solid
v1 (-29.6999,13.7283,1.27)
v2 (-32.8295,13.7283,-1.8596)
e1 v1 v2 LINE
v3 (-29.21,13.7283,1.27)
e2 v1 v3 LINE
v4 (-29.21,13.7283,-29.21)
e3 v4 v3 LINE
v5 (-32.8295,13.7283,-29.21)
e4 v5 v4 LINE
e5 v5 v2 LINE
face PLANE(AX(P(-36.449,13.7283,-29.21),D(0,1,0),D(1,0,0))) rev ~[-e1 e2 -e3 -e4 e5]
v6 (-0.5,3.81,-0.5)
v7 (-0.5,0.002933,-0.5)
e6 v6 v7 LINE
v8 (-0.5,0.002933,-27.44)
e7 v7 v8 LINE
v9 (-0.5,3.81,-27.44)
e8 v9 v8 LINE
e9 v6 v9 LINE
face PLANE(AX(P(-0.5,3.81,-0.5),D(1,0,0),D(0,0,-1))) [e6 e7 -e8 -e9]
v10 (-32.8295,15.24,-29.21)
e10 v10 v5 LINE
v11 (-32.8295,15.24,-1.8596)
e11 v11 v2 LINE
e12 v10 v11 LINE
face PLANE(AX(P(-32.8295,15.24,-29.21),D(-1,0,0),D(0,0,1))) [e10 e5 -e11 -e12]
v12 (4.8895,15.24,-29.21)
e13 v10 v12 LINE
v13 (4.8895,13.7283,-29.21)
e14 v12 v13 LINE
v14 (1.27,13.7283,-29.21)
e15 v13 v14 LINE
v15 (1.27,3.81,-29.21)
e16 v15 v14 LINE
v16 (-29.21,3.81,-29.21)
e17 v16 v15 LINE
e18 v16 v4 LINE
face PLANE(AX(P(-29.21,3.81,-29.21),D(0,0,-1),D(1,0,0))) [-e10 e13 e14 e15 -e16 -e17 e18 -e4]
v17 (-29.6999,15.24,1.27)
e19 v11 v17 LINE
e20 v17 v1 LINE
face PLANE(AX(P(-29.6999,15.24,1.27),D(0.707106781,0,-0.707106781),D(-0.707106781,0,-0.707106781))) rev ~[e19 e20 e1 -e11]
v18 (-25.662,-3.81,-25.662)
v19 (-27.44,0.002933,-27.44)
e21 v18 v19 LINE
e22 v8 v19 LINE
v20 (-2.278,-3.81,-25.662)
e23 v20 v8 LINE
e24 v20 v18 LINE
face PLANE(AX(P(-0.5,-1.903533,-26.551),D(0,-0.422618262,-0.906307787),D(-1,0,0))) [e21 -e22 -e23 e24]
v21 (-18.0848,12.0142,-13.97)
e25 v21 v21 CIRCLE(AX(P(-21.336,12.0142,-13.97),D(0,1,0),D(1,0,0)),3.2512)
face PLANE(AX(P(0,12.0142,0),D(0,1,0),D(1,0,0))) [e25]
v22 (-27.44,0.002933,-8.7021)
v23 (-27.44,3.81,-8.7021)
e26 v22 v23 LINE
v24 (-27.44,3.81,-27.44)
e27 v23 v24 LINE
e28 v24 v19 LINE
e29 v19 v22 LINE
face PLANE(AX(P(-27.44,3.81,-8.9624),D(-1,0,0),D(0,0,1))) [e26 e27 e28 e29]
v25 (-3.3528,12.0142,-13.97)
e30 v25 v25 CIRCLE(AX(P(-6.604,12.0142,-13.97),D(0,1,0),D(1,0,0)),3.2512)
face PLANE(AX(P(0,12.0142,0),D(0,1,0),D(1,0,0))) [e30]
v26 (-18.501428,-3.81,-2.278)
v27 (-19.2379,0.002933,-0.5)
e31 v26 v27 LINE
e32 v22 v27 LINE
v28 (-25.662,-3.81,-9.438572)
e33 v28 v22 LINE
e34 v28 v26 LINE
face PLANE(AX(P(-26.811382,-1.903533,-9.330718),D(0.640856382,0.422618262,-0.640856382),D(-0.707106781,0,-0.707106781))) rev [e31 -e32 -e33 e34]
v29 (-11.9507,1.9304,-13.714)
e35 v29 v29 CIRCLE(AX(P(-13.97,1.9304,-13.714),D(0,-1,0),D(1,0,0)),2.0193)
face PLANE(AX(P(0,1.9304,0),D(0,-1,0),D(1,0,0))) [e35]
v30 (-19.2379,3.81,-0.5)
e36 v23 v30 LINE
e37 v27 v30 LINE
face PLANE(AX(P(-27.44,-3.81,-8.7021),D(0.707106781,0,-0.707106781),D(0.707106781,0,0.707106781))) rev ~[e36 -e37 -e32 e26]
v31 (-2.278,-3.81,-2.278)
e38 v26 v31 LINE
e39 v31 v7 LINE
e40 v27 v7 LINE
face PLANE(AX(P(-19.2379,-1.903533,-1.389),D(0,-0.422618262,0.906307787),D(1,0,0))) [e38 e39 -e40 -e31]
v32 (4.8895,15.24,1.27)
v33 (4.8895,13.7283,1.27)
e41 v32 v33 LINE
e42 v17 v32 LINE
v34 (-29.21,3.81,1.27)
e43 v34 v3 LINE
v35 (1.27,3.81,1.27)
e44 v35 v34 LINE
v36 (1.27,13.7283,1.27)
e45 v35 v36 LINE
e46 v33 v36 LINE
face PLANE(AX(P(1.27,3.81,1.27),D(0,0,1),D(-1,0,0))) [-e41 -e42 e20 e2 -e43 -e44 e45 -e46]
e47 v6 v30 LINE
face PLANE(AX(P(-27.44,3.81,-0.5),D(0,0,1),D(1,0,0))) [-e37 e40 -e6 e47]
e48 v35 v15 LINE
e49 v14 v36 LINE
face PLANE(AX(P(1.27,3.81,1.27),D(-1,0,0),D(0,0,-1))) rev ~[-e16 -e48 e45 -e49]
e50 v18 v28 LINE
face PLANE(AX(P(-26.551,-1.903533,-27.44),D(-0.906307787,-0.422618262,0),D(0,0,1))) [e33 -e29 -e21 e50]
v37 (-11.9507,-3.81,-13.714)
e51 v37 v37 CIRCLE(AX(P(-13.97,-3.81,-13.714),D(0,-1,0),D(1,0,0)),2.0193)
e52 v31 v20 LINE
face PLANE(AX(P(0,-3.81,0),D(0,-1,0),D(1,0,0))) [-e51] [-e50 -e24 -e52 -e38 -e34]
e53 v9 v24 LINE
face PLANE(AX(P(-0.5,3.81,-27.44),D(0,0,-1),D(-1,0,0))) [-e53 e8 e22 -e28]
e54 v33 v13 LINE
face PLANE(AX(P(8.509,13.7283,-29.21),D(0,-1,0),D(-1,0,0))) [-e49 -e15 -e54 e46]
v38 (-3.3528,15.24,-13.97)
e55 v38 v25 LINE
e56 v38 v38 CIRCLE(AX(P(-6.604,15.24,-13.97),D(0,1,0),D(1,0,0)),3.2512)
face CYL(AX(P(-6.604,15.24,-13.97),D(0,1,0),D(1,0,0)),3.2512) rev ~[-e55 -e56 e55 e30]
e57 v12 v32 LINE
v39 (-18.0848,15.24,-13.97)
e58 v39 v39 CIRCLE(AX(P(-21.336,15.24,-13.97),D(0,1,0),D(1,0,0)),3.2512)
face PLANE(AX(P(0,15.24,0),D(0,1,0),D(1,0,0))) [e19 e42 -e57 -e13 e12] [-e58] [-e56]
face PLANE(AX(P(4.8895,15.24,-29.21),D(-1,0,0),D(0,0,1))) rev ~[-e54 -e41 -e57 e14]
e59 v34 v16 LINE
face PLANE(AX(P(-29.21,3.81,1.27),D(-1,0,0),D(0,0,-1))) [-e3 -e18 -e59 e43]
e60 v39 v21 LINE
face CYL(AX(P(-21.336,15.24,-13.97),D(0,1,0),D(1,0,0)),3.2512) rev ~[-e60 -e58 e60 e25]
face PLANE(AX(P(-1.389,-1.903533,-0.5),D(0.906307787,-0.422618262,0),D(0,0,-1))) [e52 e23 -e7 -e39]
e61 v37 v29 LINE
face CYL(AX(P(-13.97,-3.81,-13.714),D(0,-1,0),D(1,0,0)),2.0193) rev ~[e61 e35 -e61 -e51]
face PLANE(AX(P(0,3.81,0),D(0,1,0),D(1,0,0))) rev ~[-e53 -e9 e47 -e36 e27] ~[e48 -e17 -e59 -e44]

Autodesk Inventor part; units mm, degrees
ref_plane "Work Plane2" through (0, 3.81, 0) normal (0, 1, 0) x (1, 0, 0)
sketch "Sketch2" plane through (0, 3.81, 0) normal (0, 1, 0) x (1, 0, 0)
  line L0 (-29.21, 29.21) -> (1.27, 29.21)
  line L1 (1.27, -1.27) -> (-29.21, -1.27)
  line L2 (-29.21, -1.27) -> (-29.21, 29.21)
  line L3 (1.27, -1.27) -> (1.27, 29.21)
  line L4 (-4.8761, 25.94) -> (-25.94, 25.94) projected
  line L5 (-25.94, 25.94) -> (-25.94, 0) projected
  line L6 (-25.94, 0) -> (0, 0) projected
  line L7 (0, 0) -> (0, 21.0639) projected
  dimension "d3" = 30.48
extrude "Extrusion2" add sketch "Sketch2" along normal blind 11.43
ref_plane "Work Plane1" through (0, -3.81, 0) normal (0, -1, 0) x (1, 0, 0)
ref_plane "Work Plane4" through (1.27, 3.81, -29.21) normal (0, 0, -1) x (-1, 0, 0)
sketch "Sketch6" plane through (1.27, 3.81, -29.21) normal (0, 0, -1) x (-1, 0, 0)
  line L0 (0, 11.43) -> (30.48, 11.43) projected
  line L1 (0, 11.43) -> (-7.239, 11.43)
  line L2 (-7.239, 11.43) -> (-7.239, 9.9183)
  line L3 (-7.239, 9.9183) -> (0, 9.9183)
  line L4 (0, 9.9183) -> (0, 11.43)
  line L5 (15.24, 11.43) -> (15.24, -7.62) construction
  line L6 (1.27, -7.62) -> (27.21, -7.62) construction
  line L7 (30.48, 11.43) -> (37.719, 11.43)
  line L8 (37.719, 11.43) -> (37.719, 9.9183)
  line L9 (37.719, 9.9183) -> (30.48, 9.9183)
  line L10 (30.48, 9.9183) -> (30.48, 11.43)
  point P0 (1.27, -3.81)
  dimension "d22" = 7.239
extrude "Extrusion6" add sketch "Sketch6" against normal up to surface (30.48 mm away)
ref_plane "Work Plane3" through (0, 15.24, 0) normal (0, 1, 0) x (1, 0, 0)
sketch "Sketch9" plane through (0, 15.24, 0) normal (0, 1, 0) x (1, 0, 0)
  line L0 (8.509, 29.21) -> (8.509, -1.27) construction
  line L1 (8.509, 13.97) -> (-36.449, 13.97) construction
  line L2 (-36.449, 29.21) -> (-36.449, -1.27) construction
  line L3 (-36.449, -1.27) -> (8.509, -1.27) construction
  line L4 (-13.97, -1.27) -> (-13.97, 29.21) construction
  line L5 (-36.449, 29.21) -> (8.509, 29.21) construction
  circle A0 centre (-21.336, 13.97) radius 3.2512
  circle A1 centre (-6.604, 13.97) radius 3.2512
  line L6 (-6.604, 13.97) -> (-21.336, 13.97) construction
  point P0 (0, 0)
  point P1 (-13.97, 13.97)
  point P2 (-13.97, 13.97)
  point P3 (-13.97, 13.97)
  point P4 (-13.97, 13.97)
  dimension "d25" = 14.732
extrude "Extrusion8" cut sketch "Sketch9" against normal blind 3.2258
ref_plane "Work Plane5" through (0, 15.24, 0) normal (0, 1, 0) x (1, 0, 0)
sketch "Sketch10" plane through (0, 15.24, 0) normal (0, 1, 0) x (1, 0, 0)
  line L0 (-29.21, -1.27) -> (-29.21, 29.21) projected
  line L1 (1.27, 29.21) -> (1.27, -1.27) projected
  line L2 (-36.449, 29.21) -> (-36.449, -1.27) projected
  line L3 (-36.449, 29.21) -> (8.509, 29.21) projected
  line L4 (-36.449, -1.27) -> (8.509, -1.27) projected
  line L5 (8.509, 29.21) -> (8.509, -1.27) projected
  line L6 (-29.21, 29.21) -> (-36.449, 29.21) projected
  line L7 (-29.21, 29.21) -> (-36.449, 29.21)
  line L8 (-32.8295, 29.21) -> (-32.8295, -1.27)
  line L9 (8.509, 29.21) -> (1.27, 29.21)
  line L10 (4.8895, 29.21) -> (4.8895, -1.27)
  line L11 (8.509, -1.27) -> (4.8895, -1.27)
  line L12 (8.509, 29.21) -> (8.509, -1.27) projected
  line L13 (8.509, 29.21) -> (8.509, -1.27)
  point P0 (0, 0)
extrude "Extrusion9" cut sketch "Sketch10" against normal blind 25.4 contours L4 L2 L3 L8 | L10 L3 L5 L4
sketch "Sketch18" plane through (0, 3.81, 0) normal (0, -1, 0) x (1, 0, 0)
  line L0 (1.27, 1.27) -> (1.27, -29.21) construction
  line L1 (1.27, -13.97) -> (-29.21, -13.97) construction
  line L2 (-29.21, -29.21) -> (-29.21, 1.27) construction
  line L3 (1.27, -29.21) -> (-29.21, -29.21) construction
  line L4 (-13.97, -29.21) -> (-13.97, 0) construction
  line L5 (0, -13.97) -> (-27.94, -13.97) construction
  line L6 (-13.97, 0) -> (-13.97, -27.94) construction
  line L7 (-13.97, -27.94) -> (-35.862, -27.94) construction
  line L8 (-20.7022, -26.44) -> (-37.4547, -26.44) construction
  line L9 (-27.44, -0.5) -> (-0.5, -0.5)
  line L10 (-0.5, -0.5) -> (-0.5, -27.44)
  line L11 (-0.5, -27.44) -> (-27.44, -27.44)
  line L12 (-27.44, -27.44) -> (-27.44, -0.5)
  line L13 (-27.44, -0.5) -> (-0.5, -27.44) construction
  line L14 (-0.5, -0.5) -> (-27.44, -27.44) construction
  line L15 (-27.44, -8.9624) -> (-18.9776, -0.5)
  point P0 (-13.97, -13.97)
  point P1 (-27.44, -20.8093)
  point P2 (-20.3093, -27.44)
  dimension "d66" = 1.27
  dimension "d72" = 26.94
extrude "Extrusion15" add sketch "Sketch18" along normal blind 7.62
sketch "Sketch19" plane through (0, -3.81, 0) normal (0, -1, 0) x (1, 0, 0)
  line L0 (-2.278, -2.278) -> (-2.278, -25.662) construction
  line L1 (-2.278, -13.97) -> (-25.662, -13.97) construction
  line L2 (-25.662, -25.662) -> (-25.662, -2.278) construction
  line L3 (-25.662, -2.278) -> (-2.278, -2.278) construction
  line L4 (-13.97, -2.278) -> (-13.97, -25.15) construction
  circle A0 centre (-13.97, -13.714) radius 2.0193
  point P0 (0, 0)
  point P1 (-25.412, -19.8229)
  dimension "d79" = 4.0386
extrude "Extrusion16" cut sketch "Sketch19" against normal blind 5.7404
sketch "Sketch21" plane through (0, -3.81, 0) normal (0, -1, 0) x (1, 0, 0)
  line L0 (-0.5, -0.5) -> (-27.44, -0.5) projected
  line L1 (-27.44, -0.5) -> (-27.44, -27.44) projected
  line L2 (-25.662, -2.278) -> (-27.44, -0.5) projected
  line L3 (-27.44, -8.7021) -> (-19.2379, -0.5)
  line L4 (-27.44, -8.7021) -> (-27.44, -0.5)
  point P0 (0, 0)
extrude "Extrusion18" cut sketch "Sketch21" against normal up to surface (7.62 mm away)
chamfer "Chamfer4" distance 1.778 angle 65 5 edges at (-9.869, -3.81, -0.5) (-23.339, -3.81, -4.601) (-27.44, -3.81, -18.071) (-13.97, -3.81, -27.44) (-0.5, -3.81, -13.97) measured on face at (-13.8889, -3.81, -23.5329)
sketch "Sketch22" plane through (0, 15.24, 0) normal (0, 1, 0) x (1, 0, 0)
  line L0 (-29.21, -1.27) -> (-32.8295, -1.27) projected
  line L1 (-32.8295, -1.27) -> (-29.972, 1.5875)
  line L2 (-32.8295, -1.27) -> (-28.7884, -1.27) construction
  line L3 (-29.6999, -1.27) -> (-32.8295, 1.8596)
  line L4 (-32.8295, -1.27) -> (-32.8295, 29.21) projected
  line L5 (-32.8295, 1.8596) -> (-32.8295, -1.27)
  point P0 (0, 0)
  dimension "d91" = 45
extrude "Extrusion19" cut sketch "Sketch22" against normal up to surface (1.5117 mm away)
properties part number "IPT_Header" material "Acetal Resin, Black"
